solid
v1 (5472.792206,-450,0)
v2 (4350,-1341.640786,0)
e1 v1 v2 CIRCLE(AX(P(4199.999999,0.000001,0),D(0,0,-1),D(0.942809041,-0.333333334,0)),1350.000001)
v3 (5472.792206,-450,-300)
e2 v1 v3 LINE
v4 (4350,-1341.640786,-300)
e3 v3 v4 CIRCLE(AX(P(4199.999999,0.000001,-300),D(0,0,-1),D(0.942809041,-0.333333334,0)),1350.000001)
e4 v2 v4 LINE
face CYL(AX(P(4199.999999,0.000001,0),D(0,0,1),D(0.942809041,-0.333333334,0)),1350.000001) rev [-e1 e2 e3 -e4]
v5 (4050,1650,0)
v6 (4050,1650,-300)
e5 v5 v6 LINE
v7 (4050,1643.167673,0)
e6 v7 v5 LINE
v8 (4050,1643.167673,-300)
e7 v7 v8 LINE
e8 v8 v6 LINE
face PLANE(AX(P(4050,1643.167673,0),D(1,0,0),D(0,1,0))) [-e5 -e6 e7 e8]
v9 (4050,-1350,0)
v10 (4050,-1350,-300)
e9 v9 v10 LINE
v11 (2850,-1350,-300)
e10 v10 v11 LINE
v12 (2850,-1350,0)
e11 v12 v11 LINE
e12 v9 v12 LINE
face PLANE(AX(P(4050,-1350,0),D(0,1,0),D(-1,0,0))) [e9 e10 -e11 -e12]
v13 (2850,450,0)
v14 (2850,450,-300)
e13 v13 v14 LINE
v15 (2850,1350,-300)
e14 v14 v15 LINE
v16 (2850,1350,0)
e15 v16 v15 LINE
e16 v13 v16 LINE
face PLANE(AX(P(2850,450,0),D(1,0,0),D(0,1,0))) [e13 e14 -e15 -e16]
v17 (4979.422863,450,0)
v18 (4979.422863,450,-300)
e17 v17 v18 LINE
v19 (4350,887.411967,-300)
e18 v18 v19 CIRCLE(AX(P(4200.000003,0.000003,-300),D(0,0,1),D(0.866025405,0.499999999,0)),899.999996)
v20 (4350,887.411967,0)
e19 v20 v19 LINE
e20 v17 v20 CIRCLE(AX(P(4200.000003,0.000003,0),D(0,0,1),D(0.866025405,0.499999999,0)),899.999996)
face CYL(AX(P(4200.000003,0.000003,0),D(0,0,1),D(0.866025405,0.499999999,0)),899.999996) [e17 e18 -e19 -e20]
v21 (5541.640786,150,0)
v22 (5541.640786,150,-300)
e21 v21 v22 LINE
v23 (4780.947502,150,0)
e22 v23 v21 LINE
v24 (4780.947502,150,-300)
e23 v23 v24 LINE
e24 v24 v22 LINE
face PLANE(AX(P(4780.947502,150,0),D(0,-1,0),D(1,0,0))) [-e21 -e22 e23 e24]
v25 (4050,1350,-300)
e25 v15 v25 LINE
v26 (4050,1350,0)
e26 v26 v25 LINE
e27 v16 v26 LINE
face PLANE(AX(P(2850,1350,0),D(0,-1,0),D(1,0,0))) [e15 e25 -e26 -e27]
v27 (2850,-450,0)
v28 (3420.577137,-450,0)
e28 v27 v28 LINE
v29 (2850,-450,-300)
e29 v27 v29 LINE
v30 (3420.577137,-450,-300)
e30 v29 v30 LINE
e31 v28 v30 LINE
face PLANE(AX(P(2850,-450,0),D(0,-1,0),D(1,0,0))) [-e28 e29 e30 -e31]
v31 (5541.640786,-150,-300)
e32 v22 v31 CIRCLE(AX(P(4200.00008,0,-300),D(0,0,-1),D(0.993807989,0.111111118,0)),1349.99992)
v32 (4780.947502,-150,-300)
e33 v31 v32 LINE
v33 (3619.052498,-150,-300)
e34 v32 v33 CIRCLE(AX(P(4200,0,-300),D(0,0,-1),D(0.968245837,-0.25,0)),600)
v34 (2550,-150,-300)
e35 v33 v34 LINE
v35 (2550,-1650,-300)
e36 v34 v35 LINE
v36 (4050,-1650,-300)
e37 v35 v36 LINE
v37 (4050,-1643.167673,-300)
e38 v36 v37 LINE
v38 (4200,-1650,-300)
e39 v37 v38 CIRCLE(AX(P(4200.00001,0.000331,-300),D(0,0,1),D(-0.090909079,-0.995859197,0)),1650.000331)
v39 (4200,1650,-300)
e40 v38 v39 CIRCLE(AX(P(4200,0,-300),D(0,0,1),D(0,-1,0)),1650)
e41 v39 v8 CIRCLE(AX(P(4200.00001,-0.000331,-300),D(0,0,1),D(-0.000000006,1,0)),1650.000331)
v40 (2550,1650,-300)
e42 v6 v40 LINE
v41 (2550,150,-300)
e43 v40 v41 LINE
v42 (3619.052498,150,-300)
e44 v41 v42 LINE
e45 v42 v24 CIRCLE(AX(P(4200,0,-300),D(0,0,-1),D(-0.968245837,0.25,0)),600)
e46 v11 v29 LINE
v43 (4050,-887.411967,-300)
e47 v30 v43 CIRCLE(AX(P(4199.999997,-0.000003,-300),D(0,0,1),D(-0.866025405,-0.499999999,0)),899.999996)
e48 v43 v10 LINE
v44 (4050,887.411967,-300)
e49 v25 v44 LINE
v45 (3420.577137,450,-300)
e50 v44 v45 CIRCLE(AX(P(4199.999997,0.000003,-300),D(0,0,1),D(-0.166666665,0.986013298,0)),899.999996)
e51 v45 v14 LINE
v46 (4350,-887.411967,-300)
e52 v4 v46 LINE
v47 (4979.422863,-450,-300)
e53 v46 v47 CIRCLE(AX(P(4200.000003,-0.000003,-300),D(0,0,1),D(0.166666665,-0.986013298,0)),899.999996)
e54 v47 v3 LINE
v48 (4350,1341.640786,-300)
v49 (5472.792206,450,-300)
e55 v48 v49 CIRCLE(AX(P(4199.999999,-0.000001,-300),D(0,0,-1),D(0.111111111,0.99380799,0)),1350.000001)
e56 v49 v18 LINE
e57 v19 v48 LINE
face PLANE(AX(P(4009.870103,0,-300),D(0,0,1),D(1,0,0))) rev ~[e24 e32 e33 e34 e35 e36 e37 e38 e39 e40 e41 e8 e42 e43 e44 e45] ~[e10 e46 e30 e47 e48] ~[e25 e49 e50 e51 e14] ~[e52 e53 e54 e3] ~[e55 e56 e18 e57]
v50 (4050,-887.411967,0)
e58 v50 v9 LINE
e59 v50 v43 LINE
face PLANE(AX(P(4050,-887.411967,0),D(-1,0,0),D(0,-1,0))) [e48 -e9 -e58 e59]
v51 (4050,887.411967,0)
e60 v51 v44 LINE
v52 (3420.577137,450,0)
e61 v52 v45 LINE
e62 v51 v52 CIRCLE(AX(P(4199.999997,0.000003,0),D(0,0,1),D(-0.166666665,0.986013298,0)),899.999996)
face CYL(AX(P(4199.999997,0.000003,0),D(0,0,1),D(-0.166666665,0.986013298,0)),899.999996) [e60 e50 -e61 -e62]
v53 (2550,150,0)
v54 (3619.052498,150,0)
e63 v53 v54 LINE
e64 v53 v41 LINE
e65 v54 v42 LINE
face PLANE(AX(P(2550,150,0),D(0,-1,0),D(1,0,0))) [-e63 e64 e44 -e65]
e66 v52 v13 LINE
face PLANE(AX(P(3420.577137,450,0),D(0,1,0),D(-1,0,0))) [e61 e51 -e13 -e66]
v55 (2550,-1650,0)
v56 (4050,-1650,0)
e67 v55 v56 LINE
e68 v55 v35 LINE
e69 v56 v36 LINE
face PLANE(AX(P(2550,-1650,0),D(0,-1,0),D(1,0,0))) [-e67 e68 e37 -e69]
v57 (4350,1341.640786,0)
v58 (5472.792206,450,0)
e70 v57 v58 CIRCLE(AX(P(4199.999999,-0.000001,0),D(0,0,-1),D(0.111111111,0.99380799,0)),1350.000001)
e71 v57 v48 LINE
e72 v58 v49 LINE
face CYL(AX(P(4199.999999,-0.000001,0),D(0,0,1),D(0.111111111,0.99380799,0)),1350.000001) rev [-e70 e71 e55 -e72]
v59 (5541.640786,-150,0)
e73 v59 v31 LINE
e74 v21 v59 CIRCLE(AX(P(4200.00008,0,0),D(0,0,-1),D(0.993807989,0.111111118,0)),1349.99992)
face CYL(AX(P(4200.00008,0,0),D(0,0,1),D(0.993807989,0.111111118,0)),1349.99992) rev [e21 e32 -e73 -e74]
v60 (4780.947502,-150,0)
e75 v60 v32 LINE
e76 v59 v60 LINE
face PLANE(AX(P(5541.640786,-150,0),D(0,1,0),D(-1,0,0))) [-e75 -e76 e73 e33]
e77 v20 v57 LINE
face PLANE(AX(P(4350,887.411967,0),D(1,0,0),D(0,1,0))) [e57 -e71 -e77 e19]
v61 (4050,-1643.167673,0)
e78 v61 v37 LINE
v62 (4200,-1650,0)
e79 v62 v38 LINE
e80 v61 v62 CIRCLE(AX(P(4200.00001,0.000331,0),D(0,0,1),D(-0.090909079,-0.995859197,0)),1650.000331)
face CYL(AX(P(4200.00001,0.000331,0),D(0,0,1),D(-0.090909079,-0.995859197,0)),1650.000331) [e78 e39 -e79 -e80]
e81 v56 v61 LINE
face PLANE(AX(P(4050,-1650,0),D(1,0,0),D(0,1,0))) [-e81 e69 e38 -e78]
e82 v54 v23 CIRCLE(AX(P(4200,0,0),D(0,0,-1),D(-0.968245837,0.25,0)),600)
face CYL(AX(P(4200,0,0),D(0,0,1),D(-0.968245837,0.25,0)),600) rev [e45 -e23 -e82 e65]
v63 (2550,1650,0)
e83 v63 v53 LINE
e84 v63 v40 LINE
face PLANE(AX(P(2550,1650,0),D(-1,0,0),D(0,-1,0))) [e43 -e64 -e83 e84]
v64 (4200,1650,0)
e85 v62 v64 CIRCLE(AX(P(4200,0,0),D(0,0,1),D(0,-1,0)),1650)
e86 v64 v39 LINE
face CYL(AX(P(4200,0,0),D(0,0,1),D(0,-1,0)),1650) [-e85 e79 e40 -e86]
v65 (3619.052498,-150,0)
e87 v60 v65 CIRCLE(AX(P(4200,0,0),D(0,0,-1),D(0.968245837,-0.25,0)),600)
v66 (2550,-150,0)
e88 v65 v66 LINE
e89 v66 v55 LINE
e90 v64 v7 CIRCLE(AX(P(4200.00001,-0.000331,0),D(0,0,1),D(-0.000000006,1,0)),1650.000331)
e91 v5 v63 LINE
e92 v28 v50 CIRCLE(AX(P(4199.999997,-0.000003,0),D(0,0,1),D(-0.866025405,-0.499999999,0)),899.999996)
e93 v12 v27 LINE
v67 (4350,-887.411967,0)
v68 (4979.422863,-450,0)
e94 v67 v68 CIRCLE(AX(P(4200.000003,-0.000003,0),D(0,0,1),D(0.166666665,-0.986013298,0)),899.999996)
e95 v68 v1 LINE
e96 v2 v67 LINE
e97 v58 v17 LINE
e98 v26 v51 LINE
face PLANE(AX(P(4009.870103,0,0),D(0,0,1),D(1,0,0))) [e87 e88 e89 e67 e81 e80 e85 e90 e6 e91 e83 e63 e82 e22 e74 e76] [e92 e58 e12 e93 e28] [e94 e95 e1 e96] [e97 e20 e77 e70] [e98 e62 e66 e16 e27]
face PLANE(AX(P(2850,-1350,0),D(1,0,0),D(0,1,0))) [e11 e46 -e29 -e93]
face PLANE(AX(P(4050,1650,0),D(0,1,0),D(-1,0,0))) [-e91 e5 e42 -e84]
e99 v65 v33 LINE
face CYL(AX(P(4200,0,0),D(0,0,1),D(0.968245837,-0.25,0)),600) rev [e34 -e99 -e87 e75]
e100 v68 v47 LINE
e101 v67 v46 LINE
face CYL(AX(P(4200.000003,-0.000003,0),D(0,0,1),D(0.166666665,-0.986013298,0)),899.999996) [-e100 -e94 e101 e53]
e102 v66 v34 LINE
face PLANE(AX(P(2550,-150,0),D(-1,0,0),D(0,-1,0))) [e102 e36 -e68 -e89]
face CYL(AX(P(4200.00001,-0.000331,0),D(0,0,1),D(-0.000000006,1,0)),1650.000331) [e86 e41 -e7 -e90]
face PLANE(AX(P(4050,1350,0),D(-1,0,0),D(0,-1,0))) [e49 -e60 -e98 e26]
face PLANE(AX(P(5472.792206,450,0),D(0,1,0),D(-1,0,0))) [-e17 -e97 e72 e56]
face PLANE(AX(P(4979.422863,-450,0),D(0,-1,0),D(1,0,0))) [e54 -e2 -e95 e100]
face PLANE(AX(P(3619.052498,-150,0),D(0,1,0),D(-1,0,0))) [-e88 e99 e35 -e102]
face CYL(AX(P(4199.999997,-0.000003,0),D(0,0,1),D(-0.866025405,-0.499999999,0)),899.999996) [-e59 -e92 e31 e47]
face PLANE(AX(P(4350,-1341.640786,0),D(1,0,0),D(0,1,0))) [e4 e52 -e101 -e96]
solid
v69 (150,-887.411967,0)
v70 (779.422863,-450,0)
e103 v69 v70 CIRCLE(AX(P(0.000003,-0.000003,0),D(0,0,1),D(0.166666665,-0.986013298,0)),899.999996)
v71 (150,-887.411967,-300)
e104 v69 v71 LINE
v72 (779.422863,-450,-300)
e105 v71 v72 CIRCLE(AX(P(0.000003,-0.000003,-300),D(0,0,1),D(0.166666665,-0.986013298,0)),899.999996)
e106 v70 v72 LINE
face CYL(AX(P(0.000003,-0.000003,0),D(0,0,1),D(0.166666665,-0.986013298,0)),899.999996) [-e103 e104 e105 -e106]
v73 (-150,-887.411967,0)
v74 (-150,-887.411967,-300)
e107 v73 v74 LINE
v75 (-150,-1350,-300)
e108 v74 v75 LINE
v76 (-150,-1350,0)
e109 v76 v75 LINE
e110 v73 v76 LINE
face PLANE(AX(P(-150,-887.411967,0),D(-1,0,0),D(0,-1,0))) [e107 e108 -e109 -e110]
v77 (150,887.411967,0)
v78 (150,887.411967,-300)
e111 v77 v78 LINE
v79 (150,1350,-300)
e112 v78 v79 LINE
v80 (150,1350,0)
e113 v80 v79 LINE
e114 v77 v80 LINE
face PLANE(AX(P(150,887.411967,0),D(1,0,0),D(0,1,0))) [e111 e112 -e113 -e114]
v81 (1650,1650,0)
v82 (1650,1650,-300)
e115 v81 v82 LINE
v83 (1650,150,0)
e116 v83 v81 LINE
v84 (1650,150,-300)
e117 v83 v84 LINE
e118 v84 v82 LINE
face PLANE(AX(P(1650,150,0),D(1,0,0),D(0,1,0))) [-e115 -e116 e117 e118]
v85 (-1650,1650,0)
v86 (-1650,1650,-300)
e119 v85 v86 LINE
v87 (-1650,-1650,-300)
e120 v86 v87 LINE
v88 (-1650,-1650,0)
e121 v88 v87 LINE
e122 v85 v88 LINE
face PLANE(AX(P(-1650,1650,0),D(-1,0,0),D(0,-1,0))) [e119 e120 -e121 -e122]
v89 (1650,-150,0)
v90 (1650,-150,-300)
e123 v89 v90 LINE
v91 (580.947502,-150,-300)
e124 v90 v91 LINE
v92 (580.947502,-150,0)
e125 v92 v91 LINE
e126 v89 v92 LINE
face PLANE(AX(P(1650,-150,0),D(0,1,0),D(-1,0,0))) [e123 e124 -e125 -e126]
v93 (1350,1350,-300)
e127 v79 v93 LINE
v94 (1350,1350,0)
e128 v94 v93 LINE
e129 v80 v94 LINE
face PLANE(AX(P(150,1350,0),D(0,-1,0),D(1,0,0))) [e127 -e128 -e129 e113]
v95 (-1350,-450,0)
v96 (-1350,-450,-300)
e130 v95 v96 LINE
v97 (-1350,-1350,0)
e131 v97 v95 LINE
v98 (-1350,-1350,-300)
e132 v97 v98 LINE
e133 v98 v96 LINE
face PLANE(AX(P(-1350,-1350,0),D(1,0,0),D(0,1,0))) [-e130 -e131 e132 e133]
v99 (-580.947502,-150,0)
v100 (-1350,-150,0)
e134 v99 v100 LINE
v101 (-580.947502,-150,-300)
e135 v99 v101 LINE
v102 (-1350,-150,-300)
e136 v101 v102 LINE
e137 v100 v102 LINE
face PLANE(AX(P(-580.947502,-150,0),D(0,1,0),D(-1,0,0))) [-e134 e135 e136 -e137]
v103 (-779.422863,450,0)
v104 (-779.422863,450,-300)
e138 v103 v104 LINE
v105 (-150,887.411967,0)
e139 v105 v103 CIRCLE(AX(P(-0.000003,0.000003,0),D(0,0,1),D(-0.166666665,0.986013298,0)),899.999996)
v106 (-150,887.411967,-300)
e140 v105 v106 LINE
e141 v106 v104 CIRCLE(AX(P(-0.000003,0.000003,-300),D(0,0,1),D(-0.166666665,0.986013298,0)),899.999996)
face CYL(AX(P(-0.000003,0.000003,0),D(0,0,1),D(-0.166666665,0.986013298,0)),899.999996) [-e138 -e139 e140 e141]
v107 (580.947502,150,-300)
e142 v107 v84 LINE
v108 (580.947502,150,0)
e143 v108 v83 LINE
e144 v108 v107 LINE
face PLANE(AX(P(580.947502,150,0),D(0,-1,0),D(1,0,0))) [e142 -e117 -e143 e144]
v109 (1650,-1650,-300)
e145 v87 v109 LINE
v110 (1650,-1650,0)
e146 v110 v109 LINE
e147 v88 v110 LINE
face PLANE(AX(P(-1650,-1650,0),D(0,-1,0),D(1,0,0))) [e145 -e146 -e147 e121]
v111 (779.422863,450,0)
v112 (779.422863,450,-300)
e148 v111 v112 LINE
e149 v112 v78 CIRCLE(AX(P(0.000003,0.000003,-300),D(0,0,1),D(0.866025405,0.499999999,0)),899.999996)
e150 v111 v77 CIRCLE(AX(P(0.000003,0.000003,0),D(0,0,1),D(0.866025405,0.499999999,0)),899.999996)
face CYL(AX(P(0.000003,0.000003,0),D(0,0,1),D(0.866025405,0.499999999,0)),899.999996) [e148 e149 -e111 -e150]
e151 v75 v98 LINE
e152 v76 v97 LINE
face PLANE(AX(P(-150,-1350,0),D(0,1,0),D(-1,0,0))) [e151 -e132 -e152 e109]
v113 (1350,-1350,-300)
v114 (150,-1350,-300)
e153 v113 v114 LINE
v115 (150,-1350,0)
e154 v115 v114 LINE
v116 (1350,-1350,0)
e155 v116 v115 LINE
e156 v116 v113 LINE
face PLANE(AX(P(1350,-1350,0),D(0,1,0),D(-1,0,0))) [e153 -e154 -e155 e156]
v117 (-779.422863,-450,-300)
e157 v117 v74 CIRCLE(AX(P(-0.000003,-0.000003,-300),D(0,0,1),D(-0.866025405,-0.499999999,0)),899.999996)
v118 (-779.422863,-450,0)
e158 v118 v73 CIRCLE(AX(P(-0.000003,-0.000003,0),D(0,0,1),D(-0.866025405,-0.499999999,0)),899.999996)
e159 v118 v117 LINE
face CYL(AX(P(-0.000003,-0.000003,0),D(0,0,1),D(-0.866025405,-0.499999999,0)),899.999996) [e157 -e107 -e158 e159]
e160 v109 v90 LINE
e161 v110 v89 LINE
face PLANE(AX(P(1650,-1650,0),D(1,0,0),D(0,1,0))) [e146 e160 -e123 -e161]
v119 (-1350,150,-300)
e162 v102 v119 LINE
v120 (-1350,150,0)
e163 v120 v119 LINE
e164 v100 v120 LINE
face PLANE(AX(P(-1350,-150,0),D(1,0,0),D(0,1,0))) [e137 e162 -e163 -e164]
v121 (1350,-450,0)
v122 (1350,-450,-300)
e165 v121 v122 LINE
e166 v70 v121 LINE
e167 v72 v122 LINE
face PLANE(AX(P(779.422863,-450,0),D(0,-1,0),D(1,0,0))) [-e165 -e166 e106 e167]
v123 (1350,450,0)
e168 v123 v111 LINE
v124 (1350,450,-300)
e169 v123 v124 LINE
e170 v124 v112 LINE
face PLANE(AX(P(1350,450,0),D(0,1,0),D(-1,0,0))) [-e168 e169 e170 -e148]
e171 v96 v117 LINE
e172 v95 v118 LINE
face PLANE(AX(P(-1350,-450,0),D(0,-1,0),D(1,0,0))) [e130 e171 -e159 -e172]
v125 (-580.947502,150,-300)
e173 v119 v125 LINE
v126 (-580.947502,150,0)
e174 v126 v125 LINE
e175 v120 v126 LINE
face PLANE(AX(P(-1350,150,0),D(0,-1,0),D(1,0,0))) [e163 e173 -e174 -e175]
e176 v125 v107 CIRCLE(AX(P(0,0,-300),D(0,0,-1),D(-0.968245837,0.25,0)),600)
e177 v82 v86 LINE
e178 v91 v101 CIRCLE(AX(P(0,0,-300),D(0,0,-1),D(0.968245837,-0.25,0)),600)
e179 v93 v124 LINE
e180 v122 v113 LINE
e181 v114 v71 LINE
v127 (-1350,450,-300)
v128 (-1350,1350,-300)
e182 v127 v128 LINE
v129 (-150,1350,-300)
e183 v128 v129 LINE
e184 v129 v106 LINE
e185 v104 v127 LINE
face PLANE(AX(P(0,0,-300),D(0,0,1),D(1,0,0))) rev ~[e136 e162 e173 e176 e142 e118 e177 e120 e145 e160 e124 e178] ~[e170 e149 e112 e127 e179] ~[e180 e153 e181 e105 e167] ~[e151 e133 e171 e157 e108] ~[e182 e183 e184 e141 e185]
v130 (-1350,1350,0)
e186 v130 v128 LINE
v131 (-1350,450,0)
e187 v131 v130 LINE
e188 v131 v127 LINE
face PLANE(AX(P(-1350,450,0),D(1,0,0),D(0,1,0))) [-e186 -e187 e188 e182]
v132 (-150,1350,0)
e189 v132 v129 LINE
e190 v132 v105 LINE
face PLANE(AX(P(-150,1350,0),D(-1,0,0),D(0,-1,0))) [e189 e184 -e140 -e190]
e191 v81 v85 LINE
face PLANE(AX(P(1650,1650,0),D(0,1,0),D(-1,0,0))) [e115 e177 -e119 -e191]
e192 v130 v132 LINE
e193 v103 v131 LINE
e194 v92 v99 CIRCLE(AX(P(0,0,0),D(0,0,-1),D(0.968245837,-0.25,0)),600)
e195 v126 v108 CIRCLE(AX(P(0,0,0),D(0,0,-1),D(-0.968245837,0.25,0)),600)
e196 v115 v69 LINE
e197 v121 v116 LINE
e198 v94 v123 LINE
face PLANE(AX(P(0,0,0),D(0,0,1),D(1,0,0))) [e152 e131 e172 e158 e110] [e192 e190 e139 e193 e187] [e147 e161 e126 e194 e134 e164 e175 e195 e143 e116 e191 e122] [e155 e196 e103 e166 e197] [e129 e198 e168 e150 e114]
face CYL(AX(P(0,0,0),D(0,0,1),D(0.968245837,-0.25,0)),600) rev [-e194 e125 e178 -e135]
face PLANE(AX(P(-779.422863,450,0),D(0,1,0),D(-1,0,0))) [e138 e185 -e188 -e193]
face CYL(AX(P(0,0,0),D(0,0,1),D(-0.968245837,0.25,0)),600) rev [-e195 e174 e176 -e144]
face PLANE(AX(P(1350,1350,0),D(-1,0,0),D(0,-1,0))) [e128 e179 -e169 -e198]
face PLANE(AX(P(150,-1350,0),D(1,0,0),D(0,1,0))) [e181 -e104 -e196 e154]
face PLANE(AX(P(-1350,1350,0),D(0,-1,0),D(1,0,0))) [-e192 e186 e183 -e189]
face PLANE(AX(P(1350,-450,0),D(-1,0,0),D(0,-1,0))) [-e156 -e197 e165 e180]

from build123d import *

# Parameters (mm, degrees)
F1_DEPTH = 300


with BuildPart() as f1:
    # F0 (on Top) → F1 (new body)
    with BuildSketch(Plane.XY):
        with BuildLine():
            Line((1650, 1650), (-1650, 1650))
            Line((-1650, 1650), (-1650, 450))
            Line((-1650, 450), (-1650, 150))
            Line((-1650, 150), (-1650, -191.250503))
            Line((-1650, -191.250503), (-1650, -450))
            Line((-1650, -450), (-1650, -1650))
            Line((-1650, -1650), (1650, -1650))
            Line((1650, -1650), (1650, -1350))
            Line((1650, -1350), (1650, -150))
            Line((1650, -150), (580.947502, -150))
            ThreePointArc((580.947502, -150), (0, -600), (-580.947502, -150))
            Line((-580.947502, -150), (-1350, -150))
            Line((-1350, -150), (-1350, 150))
            Line((-1350, 150), (-580.947502, 150))
            ThreePointArc((-580.947502, 150), (0, 600), (580.947502, 150))
            Line((580.947502, 150), (1650, 150))
            Line((1650, 150), (1650, 1650))
        make_face()
        with BuildLine():
            Line((-150, -1350), (-1350, -1350))
            Line((-1350, -1350), (-1350, -450))
            Line((-1350, -450), (-779.422863, -450))
            ThreePointArc((-779.422863, -450), (-513.603954, -739.060876), (-150, -887.411967))
            Line((-150, -887.411967), (-150, -1350))
        make_face(mode=Mode.SUBTRACT)
        with BuildLine():
            Line((1350, -450), (1350, -1350))
            Line((1350, -1350), (150, -1350))
            Line((150, -1350), (150, -887.411967))
            ThreePointArc((150, -887.411967), (513.603954, -739.060876), (779.422863, -450))
            Line((779.422863, -450), (1350, -450))
        make_face(mode=Mode.SUBTRACT)
        with BuildLine():
            Line((-1350, 450), (-1350, 1350))
            Line((-1350, 1350), (-150, 1350))
            Line((-150, 1350), (-150, 887.411967))
            ThreePointArc((-150, 887.411967), (-513.603954, 739.060876), (-779.422863, 450))
            Line((-779.422863, 450), (-1350, 450))
        make_face(mode=Mode.SUBTRACT)
        with BuildLine():
            Line((150, 1350), (1350, 1350))
            Line((1350, 1350), (1350, 450))
            Line((1350, 450), (779.422863, 450))
            ThreePointArc((779.422863, 450), (513.603954, 739.060876), (150, 887.411967))
            Line((150, 887.411967), (150, 1350))
        make_face(mode=Mode.SUBTRACT)
        with BuildLine():
            Line((5541.640786, -150), (4780.947502, -150))
            ThreePointArc((4780.947502, -150), (4200, -600), (3619.052498, -150))
            Line((3619.052498, -150), (2550, -150))
            Line((2550, -150), (2550, -1650))
            Line((2550, -1650), (4050, -1650))
            Line((4050, -1650), (4050, -1643.167673))
            ThreePointArc((4050, -1643.167673), (4124.922239, -1648.291033), (4200, -1650))
            ThreePointArc((4200, -1650), (5850, 0), (4200, 1650))
            ThreePointArc((4200, 1650), (4124.922239, 1648.291033), (4050, 1643.167673))
            Line((4050, 1643.167673), (4050, 1650))
            Line((4050, 1650), (2550, 1650))
            Line((2550, 1650), (2550, 150))
            Line((2550, 150), (3619.052498, 150))
            ThreePointArc((3619.052498, 150), (4200, 600), (4780.947502, 150))
            Line((4780.947502, 150), (5541.640786, 150))
            ThreePointArc((5541.640786, 150), (5550, 0), (5541.640786, -150))
        make_face()
        with BuildLine():
            Line((2850, -450), (3420.577137, -450))
            ThreePointArc((3420.577137, -450), (3686.396046, -739.060876), (4050, -887.411967))
            Line((4050, -887.411967), (4050, -1350))
            Line((4050, -1350), (2850, -1350))
            Line((2850, -1350), (2850, -450))
        make_face(mode=Mode.SUBTRACT)
        with BuildLine():
            ThreePointArc((5472.792206, -450), (5039.547639, -1057.194287), (4350, -1341.640786))
            Line((4350, -1341.640786), (4350, -887.411967))
            ThreePointArc((4350, -887.411967), (4713.603954, -739.060876), (4979.422863, -450))
            Line((4979.422863, -450), (5472.792206, -450))
        make_face(mode=Mode.SUBTRACT)
        with BuildLine():
            Line((2850, 450), (2850, 1350))
            Line((2850, 1350), (4050, 1350))
            Line((4050, 1350), (4050, 887.411967))
            ThreePointArc((4050, 887.411967), (3686.396046, 739.060876), (3420.577137, 450))
            Line((3420.577137, 450), (2850, 450))
        make_face(mode=Mode.SUBTRACT)
        with BuildLine():
            Line((4350, 887.411967), (4350, 1341.640786))
            ThreePointArc((4350, 1341.640786), (5039.547639, 1057.194287), (5472.792206, 450))
            Line((5472.792206, 450), (4979.422863, 450))
            ThreePointArc((4979.422863, 450), (4713.603954, 739.060876), (4350, 887.411967))
        make_face(mode=Mode.SUBTRACT)
    extrude(amount=-F1_DEPTH)


solid = f1.part
